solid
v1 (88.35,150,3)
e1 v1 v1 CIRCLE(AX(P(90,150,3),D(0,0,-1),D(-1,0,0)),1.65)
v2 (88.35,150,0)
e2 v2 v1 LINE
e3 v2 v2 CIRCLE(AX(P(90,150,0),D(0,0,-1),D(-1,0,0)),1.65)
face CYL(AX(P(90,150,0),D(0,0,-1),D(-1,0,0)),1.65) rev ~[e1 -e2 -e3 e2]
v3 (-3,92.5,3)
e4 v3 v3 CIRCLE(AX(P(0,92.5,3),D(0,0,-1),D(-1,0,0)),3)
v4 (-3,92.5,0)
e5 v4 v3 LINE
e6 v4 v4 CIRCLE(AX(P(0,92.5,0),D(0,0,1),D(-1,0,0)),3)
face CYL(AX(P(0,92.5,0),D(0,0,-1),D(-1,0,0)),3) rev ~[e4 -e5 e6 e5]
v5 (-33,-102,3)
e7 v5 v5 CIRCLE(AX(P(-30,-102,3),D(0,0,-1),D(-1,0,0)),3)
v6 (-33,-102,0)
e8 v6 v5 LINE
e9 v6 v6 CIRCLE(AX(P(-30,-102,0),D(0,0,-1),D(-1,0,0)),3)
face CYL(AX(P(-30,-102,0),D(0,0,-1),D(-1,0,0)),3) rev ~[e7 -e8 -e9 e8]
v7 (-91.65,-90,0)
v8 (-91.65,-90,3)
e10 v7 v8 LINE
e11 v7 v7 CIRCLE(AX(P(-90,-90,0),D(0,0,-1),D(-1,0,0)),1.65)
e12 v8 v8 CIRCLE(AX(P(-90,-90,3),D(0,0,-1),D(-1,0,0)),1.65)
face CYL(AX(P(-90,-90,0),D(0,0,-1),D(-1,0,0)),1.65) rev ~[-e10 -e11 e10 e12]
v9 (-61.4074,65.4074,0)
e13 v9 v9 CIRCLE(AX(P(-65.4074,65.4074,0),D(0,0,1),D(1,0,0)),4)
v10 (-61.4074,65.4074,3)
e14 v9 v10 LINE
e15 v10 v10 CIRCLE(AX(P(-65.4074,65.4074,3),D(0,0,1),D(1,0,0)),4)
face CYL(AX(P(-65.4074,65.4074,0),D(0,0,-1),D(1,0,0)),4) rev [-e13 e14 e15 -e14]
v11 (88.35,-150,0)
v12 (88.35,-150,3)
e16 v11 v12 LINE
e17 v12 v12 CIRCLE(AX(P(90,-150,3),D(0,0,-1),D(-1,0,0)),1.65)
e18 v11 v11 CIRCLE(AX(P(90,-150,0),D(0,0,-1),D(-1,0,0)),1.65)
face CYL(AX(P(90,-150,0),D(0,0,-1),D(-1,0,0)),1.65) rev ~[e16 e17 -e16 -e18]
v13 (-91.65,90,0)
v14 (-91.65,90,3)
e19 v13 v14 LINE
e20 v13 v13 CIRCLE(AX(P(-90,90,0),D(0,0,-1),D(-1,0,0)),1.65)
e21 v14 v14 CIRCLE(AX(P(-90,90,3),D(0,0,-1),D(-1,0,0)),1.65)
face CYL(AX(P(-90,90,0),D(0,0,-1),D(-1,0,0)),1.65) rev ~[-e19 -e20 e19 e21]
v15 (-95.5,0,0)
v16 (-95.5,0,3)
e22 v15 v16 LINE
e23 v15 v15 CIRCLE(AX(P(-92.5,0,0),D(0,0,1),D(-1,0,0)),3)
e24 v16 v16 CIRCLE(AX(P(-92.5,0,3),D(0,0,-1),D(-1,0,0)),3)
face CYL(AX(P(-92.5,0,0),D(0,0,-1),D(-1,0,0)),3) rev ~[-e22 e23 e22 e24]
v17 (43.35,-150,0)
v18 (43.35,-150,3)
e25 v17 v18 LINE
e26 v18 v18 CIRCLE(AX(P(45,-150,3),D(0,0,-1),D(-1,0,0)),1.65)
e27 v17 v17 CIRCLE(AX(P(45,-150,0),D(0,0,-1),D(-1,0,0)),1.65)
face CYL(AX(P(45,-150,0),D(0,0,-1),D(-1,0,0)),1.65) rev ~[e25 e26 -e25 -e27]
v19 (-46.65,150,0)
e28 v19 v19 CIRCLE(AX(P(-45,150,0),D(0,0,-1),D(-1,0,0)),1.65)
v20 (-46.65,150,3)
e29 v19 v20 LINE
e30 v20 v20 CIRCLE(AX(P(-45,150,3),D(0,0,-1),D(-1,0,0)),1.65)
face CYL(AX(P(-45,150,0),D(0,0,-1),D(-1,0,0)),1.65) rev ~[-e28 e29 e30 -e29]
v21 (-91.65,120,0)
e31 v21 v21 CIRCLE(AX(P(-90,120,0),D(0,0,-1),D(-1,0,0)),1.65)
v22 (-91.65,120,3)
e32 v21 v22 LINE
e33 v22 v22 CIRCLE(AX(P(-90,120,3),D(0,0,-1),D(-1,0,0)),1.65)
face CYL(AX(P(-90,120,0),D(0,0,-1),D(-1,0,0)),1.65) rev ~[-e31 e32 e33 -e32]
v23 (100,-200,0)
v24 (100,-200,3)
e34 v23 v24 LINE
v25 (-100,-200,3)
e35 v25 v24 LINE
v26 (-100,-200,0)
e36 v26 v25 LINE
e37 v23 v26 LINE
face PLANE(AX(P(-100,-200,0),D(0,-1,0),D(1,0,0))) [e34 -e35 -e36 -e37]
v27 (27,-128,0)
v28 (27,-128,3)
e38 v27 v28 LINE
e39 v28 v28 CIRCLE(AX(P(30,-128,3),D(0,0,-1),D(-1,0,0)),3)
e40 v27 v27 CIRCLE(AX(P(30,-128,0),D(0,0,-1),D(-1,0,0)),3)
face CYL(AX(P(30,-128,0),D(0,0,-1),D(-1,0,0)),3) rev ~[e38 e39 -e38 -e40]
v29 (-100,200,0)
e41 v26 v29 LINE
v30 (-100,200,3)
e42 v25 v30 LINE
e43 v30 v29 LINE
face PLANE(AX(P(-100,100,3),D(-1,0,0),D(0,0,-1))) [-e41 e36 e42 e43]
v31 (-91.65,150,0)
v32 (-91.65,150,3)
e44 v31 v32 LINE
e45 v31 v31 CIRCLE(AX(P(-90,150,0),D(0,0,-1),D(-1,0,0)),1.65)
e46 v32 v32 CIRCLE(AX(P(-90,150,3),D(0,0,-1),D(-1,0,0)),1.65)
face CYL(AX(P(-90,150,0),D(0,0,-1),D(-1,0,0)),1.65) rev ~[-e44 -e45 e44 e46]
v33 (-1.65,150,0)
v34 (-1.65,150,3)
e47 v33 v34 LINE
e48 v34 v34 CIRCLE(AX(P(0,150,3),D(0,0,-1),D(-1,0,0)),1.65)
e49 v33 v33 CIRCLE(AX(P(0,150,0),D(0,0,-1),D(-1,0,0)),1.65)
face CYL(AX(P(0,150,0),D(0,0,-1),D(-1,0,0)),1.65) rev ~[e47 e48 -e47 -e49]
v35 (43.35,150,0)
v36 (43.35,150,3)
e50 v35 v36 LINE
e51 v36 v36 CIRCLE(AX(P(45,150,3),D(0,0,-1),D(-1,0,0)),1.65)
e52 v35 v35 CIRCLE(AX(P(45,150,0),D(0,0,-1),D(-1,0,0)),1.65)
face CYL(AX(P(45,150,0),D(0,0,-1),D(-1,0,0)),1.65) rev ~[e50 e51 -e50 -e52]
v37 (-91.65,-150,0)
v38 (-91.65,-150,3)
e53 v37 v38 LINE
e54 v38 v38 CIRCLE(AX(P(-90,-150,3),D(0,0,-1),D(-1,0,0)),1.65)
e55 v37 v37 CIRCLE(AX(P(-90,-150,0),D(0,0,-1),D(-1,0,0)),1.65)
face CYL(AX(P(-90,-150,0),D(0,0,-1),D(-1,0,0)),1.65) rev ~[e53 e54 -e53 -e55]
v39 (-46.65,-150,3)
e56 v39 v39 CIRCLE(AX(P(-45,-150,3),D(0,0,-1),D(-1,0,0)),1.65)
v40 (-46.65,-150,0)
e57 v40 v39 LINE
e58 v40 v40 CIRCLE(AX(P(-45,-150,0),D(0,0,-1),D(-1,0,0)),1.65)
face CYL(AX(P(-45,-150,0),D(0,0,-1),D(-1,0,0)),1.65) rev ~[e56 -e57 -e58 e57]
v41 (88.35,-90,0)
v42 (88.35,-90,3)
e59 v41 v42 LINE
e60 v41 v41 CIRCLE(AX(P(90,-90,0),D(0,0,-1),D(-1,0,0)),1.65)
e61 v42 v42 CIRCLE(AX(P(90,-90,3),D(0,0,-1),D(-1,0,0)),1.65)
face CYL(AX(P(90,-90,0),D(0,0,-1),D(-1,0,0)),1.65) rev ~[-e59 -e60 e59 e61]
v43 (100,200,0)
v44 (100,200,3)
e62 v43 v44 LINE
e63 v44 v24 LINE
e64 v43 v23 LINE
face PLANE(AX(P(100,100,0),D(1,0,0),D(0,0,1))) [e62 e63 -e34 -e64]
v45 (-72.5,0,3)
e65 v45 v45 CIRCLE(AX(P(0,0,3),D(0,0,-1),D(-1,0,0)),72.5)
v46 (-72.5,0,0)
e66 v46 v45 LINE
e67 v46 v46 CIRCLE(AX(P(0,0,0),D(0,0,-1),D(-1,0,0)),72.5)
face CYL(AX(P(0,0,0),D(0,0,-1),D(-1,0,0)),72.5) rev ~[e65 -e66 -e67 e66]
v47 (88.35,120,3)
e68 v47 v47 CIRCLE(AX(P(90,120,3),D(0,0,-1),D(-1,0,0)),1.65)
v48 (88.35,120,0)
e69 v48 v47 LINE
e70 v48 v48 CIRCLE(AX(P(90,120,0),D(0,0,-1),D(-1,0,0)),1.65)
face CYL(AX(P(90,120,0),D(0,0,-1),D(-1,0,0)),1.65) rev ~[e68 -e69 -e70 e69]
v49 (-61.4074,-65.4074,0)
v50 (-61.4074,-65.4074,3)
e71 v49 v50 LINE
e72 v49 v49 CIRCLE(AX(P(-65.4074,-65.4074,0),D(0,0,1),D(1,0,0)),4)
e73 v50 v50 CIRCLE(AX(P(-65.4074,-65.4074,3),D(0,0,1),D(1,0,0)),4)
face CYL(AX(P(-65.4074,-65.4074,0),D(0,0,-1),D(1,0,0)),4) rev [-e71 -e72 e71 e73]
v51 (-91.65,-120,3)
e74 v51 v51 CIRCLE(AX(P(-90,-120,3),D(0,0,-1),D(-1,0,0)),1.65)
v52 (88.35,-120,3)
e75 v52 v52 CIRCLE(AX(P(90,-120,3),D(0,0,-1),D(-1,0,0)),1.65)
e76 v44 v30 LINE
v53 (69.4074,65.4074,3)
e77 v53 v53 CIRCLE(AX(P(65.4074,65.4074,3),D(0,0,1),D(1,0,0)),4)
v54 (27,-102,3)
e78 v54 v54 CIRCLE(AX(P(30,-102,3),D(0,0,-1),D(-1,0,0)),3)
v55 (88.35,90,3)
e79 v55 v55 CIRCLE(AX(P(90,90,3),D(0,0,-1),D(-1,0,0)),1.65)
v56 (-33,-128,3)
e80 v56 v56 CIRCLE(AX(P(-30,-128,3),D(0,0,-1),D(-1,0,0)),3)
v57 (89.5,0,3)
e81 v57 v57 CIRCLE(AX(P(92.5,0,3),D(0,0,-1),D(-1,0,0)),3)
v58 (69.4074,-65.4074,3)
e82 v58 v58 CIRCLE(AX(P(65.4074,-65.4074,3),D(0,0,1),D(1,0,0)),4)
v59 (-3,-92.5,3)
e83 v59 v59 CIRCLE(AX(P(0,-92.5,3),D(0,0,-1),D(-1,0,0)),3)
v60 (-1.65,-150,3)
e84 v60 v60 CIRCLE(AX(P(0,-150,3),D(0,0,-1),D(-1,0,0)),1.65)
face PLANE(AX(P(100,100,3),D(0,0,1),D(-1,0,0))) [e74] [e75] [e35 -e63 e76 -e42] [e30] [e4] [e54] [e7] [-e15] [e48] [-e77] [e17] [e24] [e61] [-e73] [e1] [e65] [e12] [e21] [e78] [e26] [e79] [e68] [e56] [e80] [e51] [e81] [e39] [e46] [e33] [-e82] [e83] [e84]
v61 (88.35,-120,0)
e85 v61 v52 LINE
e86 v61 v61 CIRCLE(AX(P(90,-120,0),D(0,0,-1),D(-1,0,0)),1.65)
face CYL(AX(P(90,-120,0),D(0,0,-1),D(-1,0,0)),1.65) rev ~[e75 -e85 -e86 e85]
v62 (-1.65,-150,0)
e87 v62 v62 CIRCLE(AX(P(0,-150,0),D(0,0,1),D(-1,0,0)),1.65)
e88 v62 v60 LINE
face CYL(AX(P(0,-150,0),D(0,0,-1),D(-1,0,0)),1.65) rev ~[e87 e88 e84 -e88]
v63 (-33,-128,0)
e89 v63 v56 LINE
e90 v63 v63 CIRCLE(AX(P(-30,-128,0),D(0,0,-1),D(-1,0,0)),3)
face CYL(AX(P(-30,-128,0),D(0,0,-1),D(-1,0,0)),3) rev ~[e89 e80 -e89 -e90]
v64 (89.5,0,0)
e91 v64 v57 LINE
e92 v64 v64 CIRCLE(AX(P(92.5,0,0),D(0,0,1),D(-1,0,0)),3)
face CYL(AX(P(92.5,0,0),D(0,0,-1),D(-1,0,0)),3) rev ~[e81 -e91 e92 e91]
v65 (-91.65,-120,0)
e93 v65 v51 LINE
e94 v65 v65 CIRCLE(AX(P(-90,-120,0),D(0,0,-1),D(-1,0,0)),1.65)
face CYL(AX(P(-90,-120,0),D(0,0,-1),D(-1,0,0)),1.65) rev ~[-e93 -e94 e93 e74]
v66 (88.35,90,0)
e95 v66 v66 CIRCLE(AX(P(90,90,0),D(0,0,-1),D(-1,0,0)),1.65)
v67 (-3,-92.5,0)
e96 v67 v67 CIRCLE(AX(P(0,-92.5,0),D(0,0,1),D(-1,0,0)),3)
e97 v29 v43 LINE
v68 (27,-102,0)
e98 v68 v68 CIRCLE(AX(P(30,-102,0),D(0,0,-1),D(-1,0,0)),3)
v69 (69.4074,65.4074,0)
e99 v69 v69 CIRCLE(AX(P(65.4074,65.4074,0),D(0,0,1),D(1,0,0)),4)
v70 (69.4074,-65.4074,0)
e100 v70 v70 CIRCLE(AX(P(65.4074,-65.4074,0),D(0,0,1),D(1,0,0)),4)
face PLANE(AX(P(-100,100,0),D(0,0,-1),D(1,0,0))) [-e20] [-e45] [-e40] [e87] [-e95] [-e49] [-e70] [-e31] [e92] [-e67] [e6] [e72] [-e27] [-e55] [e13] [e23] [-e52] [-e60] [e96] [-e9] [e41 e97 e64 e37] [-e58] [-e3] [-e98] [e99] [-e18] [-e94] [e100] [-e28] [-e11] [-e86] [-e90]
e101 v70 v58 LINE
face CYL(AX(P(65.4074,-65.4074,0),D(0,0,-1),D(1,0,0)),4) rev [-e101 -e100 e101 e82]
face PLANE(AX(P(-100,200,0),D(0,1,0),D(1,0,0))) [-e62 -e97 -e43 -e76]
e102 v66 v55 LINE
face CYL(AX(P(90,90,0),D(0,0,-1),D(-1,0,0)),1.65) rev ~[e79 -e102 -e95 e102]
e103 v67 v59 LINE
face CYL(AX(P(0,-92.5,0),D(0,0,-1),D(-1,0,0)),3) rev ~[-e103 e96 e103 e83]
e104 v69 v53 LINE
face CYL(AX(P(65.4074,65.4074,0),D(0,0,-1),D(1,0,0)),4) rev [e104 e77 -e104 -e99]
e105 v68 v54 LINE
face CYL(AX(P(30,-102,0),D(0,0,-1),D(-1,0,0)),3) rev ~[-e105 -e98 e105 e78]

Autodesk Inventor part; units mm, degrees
ref_plane "YZ Plane" through (0, 0, 0) normal (1, 0, 0) x (0, 1, 0)
ref_plane "XZ Plane" through (0, 0, 0) normal (0, 1, 0) x (-1, 0, 0)
ref_plane "XY Plane" through (0, 0, 0) normal (0, 0, 1) x (1, 0, 0)
sketch "スケッチ1" plane through (0, 0, 0) normal (0, 0, 1) x (1, 0, 0)
  line L0 (-100, 100) -> (100, 100)
  line L1 (100, 100) -> (100, -100)
  line L2 (100, -100) -> (-100, -100)
  line L3 (-100, -100) -> (-100, 100)
  line L4 (-100, 100) -> (100, -100) construction
  line L5 (100, 100) -> (-100, -100) construction
  circle A0 centre (0, 0) radius 92.5 construction
  circle A1 centre (-65.4074, 65.4074) radius 4
  circle A2 centre (65.4074, 65.4074) radius 4
  circle A3 centre (65.4074, -65.4074) radius 4
  circle A4 centre (-65.4074, -65.4074) radius 4
  dimension "d0" = 200
  dimension "d1" = 200
  dimension "d2" = 185
  dimension "d3" = 8
  dimension "d4" = 8
  dimension "d5" = 8
  dimension "d6" = 8
extrude "押し出し1" add sketch "スケッチ1" along normal blind 3
sketch "スケッチ2" plane through (0, 0, 0) normal (0, 0, -1) x (-1, 0, 0)
  circle A0 centre (0, 0) radius 72.5
  dimension "d9" = 145
extrude "押し出し2" cut sketch "スケッチ2" against normal blind 10
sketch "スケッチ3" plane through (0, 0, 3) normal (0, 0, 1) x (1, 0, 0)
  circle A0 centre (-65.4074, -65.4074) radius 4 projected
  circle A1 centre (65.4074, -65.4074) radius 4 projected
  point P0 (0, 0)
sketch "スケッチ4" plane through (-100, -100, 0) normal (0, -1, 0) x (1, 0, 0)
  line L0 (0, 0) -> (0, 3) projected
  line L1 (200, 0) -> (200, 3) projected
  line L2 (0, 3) -> (200, 3)
  line L3 (200, 3) -> (200, 0)
  line L4 (200, 0) -> (0, 0)
  line L5 (0, 0) -> (0, 3)
  point P0 (100, 0)
extrude "押し出し3" add sketch "スケッチ4" along normal blind 100
sketch "スケッチ7" plane through (0, 0, 0) normal (0, 0, -1) x (-1, 0, 0)
  circle A0 centre (30, -128) radius 3
  circle A1 centre (-30, -128) radius 3
  circle A2 centre (30, -102) radius 3
  circle A3 centre (-30, -102) radius 3
  point P0 (0, -115)
  dimension "d40" = 6
  dimension "d41" = 6
  dimension "d42" = 6
  dimension "d43" = 6
sketch "スケッチ8" plane through (-100, 100, 0) normal (0, 1, 0) x (1, 0, 0)
  line L0 (0, 0) -> (200, 0) projected
  line L1 (200, 0) -> (200, -3) projected
  line L2 (0, 0) -> (200, 0)
  line L3 (200, 0) -> (200, -3)
  line L4 (200, -3) -> (0, -3)
  line L5 (0, -3) -> (0, 0)
  point P0 (100, 0)
extrude "押し出し7" add sketch "スケッチ8" along normal blind 100
sketch "スケッチ9" plane through (0, 0, 0) normal (0, 0, -1) x (-1, 0, 0)
  circle A0 centre (0, -120) radius 30
  circle A1 centre (0, 0) radius 102.5
  circle A2 centre (0, -150) radius 1.65
  circle A3 centre (-45, -150) radius 1.65
  circle A4 centre (-90, -150) radius 1.65
  circle A5 centre (45, -150) radius 1.65
  circle A6 centre (90, -150) radius 1.65
  circle A7 centre (-90, 150) radius 1.65
  circle A8 centre (-45, 150) radius 1.65
  circle A9 centre (0, 150) radius 1.65
  circle A10 centre (45, 150) radius 1.65
  circle A11 centre (90, 150) radius 1.65
  dimension "d44" = 60
  dimension "d47" = 205
  dimension "d60" = 3.3
  dimension "d61" = 3.3
  dimension "d62" = 3.3
  dimension "d63" = 3.3
  dimension "d64" = 3.3
  dimension "d65" = 3.3
  dimension "d66" = 3.3
  dimension "d67" = 3.3
  dimension "d68" = 3.3
  dimension "d69" = 3.3
extrude "押し出し8" cut sketch "スケッチ7" against normal blind 10
sketch "スケッチ10" plane through (0, 0, 0) normal (0, 0, -1) x (-1, 0, 0)
  point P0 (0, 0)
sketch "スケッチ11" plane through (0, 0, 0) normal (0, 0, -1) x (-1, 0, 0)
  point P0 (0, 0)
extrude "押し出し10" cut sketch "スケッチ9" against normal blind 10 contours A2 A0 | A0 A2 | A3 | A4 | A5 | A6 | A7 | A8 | A9 | A10 | A11
sketch "スケッチ12" plane through (0, 0, 0) normal (0, 0, -1) x (-1, 0, 0)
  circle A0 centre (0, -150) radius 1.65 projected
  circle A1 centre (0, -150) radius 7.5
  point P0 (0, 0)
  dimension "d72" = 15
sketch "スケッチ13" plane through (0, 0, 0) normal (0, 0, -1) x (-1, 0, 0)
  circle A0 centre (-90, -90) radius 1.65
  circle A1 centre (90, -90) radius 1.65
  circle A2 centre (-90, 90) radius 1.65
  circle A3 centre (90, 90) radius 1.65
  circle A4 centre (-90, -120) radius 1.65
  circle A5 centre (90, -120) radius 1.65
  circle A6 centre (-90, 120) radius 1.65
  circle A7 centre (90, 120) radius 1.65
  point P0 (0, 0)
  dimension "d81" = 3.3
  dimension "d82" = 3.3
  dimension "d83" = 3.3
  dimension "d84" = 3.3
  dimension "d85" = 3.3
  dimension "d86" = 3.3
  dimension "d87" = 3.3
  dimension "d88" = 3.3
sketch "スケッチ14" plane through (0, 0, 0) normal (0, 0, -1) x (-1, 0, 0)
  circle A0 centre (0, 0) radius 92.5
  circle A1 centre (0, -92.5) radius 3
  circle A2 centre (-92.5, 0) radius 3
  circle A3 centre (0, 92.5) radius 3
  circle A4 centre (92.5, 0) radius 3
  dimension "d74" = 185
  dimension "d75" = 6
  dimension "d76" = 6
  dimension "d77" = 6
  dimension "d78" = 6
extrude "押し出し11" cut sketch "スケッチ14" against normal blind 10 contours A0 A4 | A0 A4 | A3 A0 | A0 A3 | A1 A0 | A0 A1 | A2 A0 | A0 A2
extrude "押し出し12" cut sketch "スケッチ13" against normal blind 10
properties part number "ベアリング板" material "アルミニウム 6061"
